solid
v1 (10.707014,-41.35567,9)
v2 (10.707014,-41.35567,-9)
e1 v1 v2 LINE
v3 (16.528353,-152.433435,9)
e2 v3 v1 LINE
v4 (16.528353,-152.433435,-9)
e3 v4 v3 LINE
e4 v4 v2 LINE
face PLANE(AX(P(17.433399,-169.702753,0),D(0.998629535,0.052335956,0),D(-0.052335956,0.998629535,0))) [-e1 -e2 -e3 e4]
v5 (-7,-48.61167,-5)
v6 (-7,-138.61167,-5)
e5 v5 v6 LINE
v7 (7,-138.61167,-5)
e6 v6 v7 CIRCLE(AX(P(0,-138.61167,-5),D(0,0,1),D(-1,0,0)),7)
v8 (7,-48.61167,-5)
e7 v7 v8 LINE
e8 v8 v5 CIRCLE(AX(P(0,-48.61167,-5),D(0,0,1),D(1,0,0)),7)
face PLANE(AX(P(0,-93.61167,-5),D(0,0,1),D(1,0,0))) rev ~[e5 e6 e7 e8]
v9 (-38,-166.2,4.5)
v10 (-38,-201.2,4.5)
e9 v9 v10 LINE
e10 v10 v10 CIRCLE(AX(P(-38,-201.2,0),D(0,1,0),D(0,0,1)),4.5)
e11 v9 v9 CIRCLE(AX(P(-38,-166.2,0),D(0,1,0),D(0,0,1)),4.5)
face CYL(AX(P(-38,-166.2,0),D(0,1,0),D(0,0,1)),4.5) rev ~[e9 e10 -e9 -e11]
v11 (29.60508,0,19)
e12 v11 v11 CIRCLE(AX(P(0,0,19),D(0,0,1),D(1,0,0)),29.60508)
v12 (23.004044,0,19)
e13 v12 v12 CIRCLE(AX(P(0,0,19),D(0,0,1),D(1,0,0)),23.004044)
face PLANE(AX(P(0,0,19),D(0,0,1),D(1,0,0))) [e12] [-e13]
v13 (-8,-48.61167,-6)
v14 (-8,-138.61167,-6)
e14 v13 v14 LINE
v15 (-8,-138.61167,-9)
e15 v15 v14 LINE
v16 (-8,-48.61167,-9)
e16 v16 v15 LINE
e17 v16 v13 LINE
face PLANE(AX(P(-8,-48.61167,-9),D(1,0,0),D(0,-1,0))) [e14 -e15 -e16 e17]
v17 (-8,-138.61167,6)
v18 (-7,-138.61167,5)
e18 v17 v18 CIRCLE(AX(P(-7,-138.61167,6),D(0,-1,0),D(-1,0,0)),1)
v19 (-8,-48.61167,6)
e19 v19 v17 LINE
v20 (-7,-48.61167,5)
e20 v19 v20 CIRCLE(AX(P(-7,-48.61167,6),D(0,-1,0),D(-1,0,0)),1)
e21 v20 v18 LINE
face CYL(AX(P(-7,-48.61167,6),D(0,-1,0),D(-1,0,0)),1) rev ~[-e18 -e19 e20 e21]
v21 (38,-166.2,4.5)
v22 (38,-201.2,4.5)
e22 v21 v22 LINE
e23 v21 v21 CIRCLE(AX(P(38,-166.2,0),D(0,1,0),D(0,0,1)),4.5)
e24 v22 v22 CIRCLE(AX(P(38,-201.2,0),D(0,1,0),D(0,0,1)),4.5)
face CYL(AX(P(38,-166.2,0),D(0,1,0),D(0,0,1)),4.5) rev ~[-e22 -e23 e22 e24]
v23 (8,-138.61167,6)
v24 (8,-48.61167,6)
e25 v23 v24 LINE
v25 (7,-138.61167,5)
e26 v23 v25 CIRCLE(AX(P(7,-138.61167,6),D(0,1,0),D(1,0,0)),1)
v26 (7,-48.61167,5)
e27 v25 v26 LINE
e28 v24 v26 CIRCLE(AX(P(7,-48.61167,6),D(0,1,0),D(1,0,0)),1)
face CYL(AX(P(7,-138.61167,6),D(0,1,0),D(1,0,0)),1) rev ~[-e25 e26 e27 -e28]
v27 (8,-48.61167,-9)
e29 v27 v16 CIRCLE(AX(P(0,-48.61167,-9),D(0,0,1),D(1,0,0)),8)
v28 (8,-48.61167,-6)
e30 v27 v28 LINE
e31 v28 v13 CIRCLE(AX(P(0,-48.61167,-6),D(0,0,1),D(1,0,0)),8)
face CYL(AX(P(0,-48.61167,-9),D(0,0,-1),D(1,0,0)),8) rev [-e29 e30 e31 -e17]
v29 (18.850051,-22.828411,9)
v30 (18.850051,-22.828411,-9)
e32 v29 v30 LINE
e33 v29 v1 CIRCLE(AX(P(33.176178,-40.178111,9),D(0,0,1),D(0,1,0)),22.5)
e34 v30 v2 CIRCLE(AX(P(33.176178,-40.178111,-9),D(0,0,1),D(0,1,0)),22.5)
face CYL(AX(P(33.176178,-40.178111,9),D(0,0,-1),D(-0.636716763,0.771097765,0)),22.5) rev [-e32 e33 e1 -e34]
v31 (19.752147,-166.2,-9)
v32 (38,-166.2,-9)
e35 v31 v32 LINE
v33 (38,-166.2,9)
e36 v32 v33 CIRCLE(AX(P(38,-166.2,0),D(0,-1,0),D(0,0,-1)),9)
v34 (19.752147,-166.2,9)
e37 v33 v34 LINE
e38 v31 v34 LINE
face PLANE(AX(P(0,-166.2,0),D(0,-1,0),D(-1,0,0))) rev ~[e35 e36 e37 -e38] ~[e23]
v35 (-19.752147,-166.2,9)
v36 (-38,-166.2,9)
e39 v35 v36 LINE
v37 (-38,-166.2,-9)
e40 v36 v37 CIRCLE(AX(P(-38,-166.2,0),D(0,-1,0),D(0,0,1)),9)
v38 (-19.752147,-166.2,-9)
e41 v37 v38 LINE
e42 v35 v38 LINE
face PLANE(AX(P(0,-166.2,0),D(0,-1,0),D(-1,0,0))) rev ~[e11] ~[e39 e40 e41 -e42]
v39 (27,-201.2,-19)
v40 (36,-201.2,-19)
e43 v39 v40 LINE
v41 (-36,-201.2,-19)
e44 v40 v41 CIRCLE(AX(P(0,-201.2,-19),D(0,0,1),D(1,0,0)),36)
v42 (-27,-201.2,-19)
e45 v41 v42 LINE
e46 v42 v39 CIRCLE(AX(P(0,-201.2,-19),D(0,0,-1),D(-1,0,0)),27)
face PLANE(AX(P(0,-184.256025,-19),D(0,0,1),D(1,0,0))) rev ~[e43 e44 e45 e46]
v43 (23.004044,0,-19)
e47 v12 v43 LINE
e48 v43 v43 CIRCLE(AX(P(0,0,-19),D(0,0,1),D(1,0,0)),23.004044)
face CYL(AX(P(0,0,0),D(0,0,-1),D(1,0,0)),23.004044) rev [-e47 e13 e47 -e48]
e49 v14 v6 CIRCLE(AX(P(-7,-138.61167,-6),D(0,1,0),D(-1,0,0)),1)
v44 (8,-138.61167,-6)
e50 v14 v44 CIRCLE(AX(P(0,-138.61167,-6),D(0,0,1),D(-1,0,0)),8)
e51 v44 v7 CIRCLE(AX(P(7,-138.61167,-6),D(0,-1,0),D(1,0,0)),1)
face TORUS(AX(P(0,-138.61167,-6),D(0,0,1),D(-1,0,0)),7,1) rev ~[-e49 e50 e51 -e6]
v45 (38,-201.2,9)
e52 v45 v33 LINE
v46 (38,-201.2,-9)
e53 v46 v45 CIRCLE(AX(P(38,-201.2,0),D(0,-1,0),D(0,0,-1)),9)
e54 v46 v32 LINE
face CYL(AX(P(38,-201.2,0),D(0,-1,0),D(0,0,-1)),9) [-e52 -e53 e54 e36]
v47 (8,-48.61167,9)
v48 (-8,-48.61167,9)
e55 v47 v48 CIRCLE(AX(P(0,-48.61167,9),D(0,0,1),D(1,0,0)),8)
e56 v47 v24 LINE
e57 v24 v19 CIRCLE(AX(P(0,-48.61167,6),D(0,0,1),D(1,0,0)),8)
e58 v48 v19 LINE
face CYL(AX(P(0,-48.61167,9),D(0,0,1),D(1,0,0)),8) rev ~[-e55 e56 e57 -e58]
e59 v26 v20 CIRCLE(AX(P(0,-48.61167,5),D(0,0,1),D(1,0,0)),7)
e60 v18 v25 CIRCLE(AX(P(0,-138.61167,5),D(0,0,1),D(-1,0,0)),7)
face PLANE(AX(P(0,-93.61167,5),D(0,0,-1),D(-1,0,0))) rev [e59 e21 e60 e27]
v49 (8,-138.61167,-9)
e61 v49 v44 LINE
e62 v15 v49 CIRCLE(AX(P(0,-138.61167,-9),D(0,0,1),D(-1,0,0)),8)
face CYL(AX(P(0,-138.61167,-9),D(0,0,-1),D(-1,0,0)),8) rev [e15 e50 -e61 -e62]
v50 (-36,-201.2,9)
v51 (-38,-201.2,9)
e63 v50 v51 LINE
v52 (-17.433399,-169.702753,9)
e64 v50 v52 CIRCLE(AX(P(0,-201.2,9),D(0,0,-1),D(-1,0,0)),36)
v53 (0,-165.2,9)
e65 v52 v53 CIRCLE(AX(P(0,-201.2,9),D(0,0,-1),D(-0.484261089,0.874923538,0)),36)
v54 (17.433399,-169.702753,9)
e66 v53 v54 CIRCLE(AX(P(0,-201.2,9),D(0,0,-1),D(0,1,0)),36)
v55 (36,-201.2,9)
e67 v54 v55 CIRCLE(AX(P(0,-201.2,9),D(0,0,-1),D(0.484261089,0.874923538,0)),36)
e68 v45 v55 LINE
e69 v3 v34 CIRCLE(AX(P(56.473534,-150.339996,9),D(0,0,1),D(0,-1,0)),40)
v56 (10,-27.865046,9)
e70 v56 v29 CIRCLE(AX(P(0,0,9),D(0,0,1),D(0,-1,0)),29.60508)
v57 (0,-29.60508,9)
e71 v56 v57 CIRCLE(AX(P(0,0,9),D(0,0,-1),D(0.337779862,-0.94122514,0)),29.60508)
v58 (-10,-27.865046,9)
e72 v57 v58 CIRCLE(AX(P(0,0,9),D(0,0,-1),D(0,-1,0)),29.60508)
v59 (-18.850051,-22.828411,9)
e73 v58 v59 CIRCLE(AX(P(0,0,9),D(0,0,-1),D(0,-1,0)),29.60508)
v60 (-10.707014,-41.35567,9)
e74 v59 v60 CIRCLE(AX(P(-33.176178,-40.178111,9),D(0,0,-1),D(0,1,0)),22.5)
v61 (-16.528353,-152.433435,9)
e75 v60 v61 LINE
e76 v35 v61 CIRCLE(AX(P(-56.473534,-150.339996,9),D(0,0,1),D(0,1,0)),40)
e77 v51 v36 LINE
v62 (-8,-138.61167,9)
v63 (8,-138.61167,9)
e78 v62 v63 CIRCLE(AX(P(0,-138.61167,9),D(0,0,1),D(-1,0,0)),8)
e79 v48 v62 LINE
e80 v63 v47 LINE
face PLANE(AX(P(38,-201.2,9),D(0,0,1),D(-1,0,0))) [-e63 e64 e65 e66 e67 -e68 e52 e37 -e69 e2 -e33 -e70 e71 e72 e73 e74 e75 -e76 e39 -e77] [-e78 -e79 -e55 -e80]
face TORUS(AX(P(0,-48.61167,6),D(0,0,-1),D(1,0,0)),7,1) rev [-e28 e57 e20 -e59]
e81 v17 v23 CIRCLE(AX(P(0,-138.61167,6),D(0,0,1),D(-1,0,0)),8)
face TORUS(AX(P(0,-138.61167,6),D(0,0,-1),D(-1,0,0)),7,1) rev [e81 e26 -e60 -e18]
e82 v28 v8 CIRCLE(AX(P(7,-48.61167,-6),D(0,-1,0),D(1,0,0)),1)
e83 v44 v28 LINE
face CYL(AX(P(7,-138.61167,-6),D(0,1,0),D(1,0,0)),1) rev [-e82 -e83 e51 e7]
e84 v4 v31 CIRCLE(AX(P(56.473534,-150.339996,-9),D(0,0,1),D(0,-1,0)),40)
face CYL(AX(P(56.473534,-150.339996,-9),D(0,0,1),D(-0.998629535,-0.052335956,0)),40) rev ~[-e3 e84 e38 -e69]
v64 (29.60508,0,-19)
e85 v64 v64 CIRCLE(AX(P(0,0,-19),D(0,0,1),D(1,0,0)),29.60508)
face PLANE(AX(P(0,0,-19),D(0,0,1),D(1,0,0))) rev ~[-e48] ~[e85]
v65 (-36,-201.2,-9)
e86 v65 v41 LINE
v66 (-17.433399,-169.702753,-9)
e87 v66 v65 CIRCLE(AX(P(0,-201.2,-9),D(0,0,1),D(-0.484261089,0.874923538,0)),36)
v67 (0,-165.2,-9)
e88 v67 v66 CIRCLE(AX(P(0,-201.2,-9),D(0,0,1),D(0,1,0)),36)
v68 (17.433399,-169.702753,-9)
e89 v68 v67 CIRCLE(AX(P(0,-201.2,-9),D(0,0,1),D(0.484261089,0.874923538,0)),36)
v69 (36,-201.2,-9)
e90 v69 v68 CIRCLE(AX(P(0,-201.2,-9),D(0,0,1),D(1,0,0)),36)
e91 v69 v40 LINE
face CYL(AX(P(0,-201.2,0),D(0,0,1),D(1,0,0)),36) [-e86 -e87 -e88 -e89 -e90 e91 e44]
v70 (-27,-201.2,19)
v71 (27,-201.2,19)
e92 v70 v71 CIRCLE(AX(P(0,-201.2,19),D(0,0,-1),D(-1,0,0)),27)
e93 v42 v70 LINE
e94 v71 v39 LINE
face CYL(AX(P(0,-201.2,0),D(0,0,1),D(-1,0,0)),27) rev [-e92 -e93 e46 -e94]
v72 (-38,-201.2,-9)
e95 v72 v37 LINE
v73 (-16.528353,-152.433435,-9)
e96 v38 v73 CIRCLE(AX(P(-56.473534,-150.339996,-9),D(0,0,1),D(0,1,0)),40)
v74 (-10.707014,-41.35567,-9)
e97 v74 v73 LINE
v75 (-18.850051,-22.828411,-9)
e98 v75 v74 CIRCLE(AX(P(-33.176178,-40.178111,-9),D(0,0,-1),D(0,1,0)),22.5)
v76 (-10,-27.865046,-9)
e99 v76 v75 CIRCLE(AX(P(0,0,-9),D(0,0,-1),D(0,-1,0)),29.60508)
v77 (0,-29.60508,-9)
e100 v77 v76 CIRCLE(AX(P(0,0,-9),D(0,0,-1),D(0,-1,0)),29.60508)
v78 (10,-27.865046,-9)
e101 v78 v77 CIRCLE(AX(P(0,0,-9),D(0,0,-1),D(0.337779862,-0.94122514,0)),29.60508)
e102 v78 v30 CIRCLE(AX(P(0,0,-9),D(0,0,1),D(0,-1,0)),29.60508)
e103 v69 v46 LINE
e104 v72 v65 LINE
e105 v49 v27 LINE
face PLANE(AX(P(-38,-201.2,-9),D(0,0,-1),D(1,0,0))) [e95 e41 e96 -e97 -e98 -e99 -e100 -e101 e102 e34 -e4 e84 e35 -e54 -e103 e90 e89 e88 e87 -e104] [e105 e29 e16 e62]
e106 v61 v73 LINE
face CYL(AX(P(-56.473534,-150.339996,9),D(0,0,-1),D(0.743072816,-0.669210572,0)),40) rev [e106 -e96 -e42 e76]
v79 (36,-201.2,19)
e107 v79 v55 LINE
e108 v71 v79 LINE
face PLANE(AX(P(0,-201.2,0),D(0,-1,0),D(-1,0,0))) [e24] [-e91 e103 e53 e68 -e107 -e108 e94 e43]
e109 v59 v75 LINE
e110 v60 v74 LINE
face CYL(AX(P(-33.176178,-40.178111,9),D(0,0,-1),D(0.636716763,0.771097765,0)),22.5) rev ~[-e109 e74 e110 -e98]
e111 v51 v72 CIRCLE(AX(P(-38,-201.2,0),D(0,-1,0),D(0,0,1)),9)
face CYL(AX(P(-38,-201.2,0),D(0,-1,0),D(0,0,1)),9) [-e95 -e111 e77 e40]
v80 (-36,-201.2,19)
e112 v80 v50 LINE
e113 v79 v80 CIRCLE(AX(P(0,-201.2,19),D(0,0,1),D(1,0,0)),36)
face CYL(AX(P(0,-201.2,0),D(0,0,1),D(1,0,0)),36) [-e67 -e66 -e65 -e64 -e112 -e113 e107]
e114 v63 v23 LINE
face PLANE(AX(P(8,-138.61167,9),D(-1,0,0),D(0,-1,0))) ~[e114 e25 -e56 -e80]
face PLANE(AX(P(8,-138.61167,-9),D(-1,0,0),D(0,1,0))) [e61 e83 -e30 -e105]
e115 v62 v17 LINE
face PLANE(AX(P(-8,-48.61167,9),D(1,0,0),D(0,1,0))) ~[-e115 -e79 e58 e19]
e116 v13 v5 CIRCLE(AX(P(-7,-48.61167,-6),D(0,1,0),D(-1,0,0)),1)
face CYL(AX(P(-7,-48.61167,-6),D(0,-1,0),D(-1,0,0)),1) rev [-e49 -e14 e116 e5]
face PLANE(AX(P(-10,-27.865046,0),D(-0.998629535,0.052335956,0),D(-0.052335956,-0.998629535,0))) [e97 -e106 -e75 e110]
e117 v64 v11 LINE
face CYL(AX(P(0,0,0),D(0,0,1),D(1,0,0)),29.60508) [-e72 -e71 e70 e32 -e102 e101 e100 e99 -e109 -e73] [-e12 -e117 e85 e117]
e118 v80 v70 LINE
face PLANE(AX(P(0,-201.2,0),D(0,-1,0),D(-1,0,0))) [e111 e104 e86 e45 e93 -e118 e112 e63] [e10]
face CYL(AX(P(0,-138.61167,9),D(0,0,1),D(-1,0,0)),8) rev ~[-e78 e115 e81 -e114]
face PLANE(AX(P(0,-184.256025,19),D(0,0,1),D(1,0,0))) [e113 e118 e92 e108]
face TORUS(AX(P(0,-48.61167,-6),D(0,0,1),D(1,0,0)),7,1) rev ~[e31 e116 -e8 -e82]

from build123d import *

# Parameters (mm, degrees)
SKETCH1_R             = 29.605080475
SKETCH1_R_2           = 23.004044152
BOSS_EXTRUDE1_DEPTH   = 19
BOSS_EXTRUDE1_2_DEPTH = 19
BOSS_EXTRUDE2_DEPTH   = 9
CUT_EXTRUDE1_DEPTH    = 4
FILLET1_R             = 1
FILLET2_R             = 40
FILLET4_R             = 22.5
BOSS_EXTRUDE3_START   = -35
BOSS_EXTRUDE3_DEPTH   = 35
CUT_EXTRUDE2_DEPTH    = 209.505251732
SKETCH6_R             = 4.5
CUT_EXTRUDE3_DEPTH    = 203.261290265


with BuildPart() as part:
    # Sketch1 → Boss-Extrude1 (new, symmetric)
    with BuildSketch(Plane.XY):
        Circle(SKETCH1_R)
        Circle(SKETCH1_R_2, mode=Mode.SUBTRACT)
    extrude(amount=BOSS_EXTRUDE1_DEPTH, both=True)


with BuildPart() as body_2:
    # Sketch1 → Boss-Extrude1 2 (new, symmetric)
    with BuildSketch(Plane.XY):
        with BuildLine():
            Line((-36, -201.2), (-27, -201.2))
            ThreePointArc((-27, -201.2), (0, -174.2), (27, -201.2))
            Line((27, -201.2), (36, -201.2))
            ThreePointArc((36, -201.2), (0, -165.2), (-36, -201.2))
        make_face()
    extrude(amount=BOSS_EXTRUDE1_2_DEPTH, both=True)

    # Sketch1<3> → Boss-Extrude2 (add, symmetric)
    with BuildSketch(Plane.XY):
        with BuildLine():
            ThreePointArc((10, -27.865046024), (5.075128567, -29.166828075), (0, -29.605080475))
            Line((0, -29.605080475), (0, -165.2))
            ThreePointArc((0, -165.2), (9.002752214, -166.343860619), (17.433399222, -169.702752635))
            Line((17.433399222, -169.702752635), (10, -27.865046024))
        make_face()
        with BuildLine():
            Line((0, -165.2), (0, -29.605080475))
            ThreePointArc((0, -29.605080475), (-5.075128567, -29.166828075), (-10, -27.865046024))
            Line((-10, -27.865046024), (-17.433399222, -169.702752635))
            ThreePointArc((-17.433399222, -169.702752635), (-9.002752214, -166.343860619), (0, -165.2))
        make_face()
    extrude(amount=BOSS_EXTRUDE2_DEPTH, both=True)

    # Sketch2 → Cut-Extrude1 (cut)
    with BuildSketch(Plane(origin=(0, 0, -9), x_dir=(-1, 0, 0), z_dir=(0, 0, -1))):
        with BuildLine():
            Line((-8, -138.611669698), (-8, -48.611669698))
            ThreePointArc((-8, -48.611669698), (0, -40.611669698), (8, -48.611669698))
            Line((8, -48.611669698), (8, -138.611669698))
            ThreePointArc((8, -138.611669698), (0, -146.611669698), (-8, -138.611669698))
        make_face()
    cut_extrude1 = extrude(amount=-CUT_EXTRUDE1_DEPTH, mode=Mode.SUBTRACT)

    # Mirror1: Cut-Extrude1 across plane
    add(cut_extrude1.mirror(Plane.XY), mode=Mode.SUBTRACT)

    # Fillet1
    fillet1_edges = [body_2.edges().sort_by_distance(p)[0] for p in [
        (0, -146.611669698, -5),
        (8, -93.611669698, -5),
        (0, -40.611669698, -5),
        (-8, -93.611669698, -5),
        (0, -146.611669698, 5),
        (-8, -93.611669698, 5),
        (0, -40.611669698, 5),
        (8, -93.611669698, 5),
    ]]
    fillet(fillet1_edges, radius=FILLET1_R)

    # Fillet2
    fillet2_edges = [body_2.edges().sort_by_distance(p)[0] for p in [
        (-17.433399222, -169.702752635, 0),
        (17.433399222, -169.702752635, 0),
    ]]
    fillet(fillet2_edges, radius=FILLET2_R)

    # Combine1: union part
    add(part.part)

    # Fillet4
    fillet4_edges = [body_2.edges().sort_by_distance(p)[0] for p in [
        (10, -27.865046024, 0),
        (-10, -27.865046024, 0),
    ]]
    fillet(fillet4_edges, radius=FILLET4_R)

    # Sketch3 → Boss-Extrude3 (add)
    with BuildSketch(Plane(origin=(0, -166.2, 0), x_dir=(1, 0, 0), z_dir=(0, 1, 0)).offset(BOSS_EXTRUDE3_START)):
        with BuildLine():
            Line((-38, 9), (38, 9))
            ThreePointArc((38, 9), (47, 0), (38, -9))
            Line((38, -9), (-38, -9))
            ThreePointArc((-38, -9), (-47, 0), (-38, 9))
        make_face()
    extrude(amount=BOSS_EXTRUDE3_DEPTH)

    # Sketch5 → Cut-Extrude2 (cut, through all)
    with BuildSketch(Plane.XY.offset(9)):
        with BuildLine():
            Line((-27, -201.2), (27, -201.2))
            ThreePointArc((27, -201.2), (0, -174.2), (-27, -201.2))
        make_face()
    extrude(amount=-CUT_EXTRUDE2_DEPTH, mode=Mode.SUBTRACT)

    # Sketch6 → Cut-Extrude3 (cut, through all)
    with BuildSketch(Plane(origin=(0, -166.2, 0), x_dir=(1, 0, 0), z_dir=(0, 1, 0))):
        with Locations(Location((-38, 0, 0), (0, 0, 270))):
            Circle(SKETCH6_R)
        with Locations(Location((38, 0, 0), (0, 0, 270))):
            Circle(SKETCH6_R)
    extrude(amount=-CUT_EXTRUDE3_DEPTH, mode=Mode.SUBTRACT)


solid = body_2.part
